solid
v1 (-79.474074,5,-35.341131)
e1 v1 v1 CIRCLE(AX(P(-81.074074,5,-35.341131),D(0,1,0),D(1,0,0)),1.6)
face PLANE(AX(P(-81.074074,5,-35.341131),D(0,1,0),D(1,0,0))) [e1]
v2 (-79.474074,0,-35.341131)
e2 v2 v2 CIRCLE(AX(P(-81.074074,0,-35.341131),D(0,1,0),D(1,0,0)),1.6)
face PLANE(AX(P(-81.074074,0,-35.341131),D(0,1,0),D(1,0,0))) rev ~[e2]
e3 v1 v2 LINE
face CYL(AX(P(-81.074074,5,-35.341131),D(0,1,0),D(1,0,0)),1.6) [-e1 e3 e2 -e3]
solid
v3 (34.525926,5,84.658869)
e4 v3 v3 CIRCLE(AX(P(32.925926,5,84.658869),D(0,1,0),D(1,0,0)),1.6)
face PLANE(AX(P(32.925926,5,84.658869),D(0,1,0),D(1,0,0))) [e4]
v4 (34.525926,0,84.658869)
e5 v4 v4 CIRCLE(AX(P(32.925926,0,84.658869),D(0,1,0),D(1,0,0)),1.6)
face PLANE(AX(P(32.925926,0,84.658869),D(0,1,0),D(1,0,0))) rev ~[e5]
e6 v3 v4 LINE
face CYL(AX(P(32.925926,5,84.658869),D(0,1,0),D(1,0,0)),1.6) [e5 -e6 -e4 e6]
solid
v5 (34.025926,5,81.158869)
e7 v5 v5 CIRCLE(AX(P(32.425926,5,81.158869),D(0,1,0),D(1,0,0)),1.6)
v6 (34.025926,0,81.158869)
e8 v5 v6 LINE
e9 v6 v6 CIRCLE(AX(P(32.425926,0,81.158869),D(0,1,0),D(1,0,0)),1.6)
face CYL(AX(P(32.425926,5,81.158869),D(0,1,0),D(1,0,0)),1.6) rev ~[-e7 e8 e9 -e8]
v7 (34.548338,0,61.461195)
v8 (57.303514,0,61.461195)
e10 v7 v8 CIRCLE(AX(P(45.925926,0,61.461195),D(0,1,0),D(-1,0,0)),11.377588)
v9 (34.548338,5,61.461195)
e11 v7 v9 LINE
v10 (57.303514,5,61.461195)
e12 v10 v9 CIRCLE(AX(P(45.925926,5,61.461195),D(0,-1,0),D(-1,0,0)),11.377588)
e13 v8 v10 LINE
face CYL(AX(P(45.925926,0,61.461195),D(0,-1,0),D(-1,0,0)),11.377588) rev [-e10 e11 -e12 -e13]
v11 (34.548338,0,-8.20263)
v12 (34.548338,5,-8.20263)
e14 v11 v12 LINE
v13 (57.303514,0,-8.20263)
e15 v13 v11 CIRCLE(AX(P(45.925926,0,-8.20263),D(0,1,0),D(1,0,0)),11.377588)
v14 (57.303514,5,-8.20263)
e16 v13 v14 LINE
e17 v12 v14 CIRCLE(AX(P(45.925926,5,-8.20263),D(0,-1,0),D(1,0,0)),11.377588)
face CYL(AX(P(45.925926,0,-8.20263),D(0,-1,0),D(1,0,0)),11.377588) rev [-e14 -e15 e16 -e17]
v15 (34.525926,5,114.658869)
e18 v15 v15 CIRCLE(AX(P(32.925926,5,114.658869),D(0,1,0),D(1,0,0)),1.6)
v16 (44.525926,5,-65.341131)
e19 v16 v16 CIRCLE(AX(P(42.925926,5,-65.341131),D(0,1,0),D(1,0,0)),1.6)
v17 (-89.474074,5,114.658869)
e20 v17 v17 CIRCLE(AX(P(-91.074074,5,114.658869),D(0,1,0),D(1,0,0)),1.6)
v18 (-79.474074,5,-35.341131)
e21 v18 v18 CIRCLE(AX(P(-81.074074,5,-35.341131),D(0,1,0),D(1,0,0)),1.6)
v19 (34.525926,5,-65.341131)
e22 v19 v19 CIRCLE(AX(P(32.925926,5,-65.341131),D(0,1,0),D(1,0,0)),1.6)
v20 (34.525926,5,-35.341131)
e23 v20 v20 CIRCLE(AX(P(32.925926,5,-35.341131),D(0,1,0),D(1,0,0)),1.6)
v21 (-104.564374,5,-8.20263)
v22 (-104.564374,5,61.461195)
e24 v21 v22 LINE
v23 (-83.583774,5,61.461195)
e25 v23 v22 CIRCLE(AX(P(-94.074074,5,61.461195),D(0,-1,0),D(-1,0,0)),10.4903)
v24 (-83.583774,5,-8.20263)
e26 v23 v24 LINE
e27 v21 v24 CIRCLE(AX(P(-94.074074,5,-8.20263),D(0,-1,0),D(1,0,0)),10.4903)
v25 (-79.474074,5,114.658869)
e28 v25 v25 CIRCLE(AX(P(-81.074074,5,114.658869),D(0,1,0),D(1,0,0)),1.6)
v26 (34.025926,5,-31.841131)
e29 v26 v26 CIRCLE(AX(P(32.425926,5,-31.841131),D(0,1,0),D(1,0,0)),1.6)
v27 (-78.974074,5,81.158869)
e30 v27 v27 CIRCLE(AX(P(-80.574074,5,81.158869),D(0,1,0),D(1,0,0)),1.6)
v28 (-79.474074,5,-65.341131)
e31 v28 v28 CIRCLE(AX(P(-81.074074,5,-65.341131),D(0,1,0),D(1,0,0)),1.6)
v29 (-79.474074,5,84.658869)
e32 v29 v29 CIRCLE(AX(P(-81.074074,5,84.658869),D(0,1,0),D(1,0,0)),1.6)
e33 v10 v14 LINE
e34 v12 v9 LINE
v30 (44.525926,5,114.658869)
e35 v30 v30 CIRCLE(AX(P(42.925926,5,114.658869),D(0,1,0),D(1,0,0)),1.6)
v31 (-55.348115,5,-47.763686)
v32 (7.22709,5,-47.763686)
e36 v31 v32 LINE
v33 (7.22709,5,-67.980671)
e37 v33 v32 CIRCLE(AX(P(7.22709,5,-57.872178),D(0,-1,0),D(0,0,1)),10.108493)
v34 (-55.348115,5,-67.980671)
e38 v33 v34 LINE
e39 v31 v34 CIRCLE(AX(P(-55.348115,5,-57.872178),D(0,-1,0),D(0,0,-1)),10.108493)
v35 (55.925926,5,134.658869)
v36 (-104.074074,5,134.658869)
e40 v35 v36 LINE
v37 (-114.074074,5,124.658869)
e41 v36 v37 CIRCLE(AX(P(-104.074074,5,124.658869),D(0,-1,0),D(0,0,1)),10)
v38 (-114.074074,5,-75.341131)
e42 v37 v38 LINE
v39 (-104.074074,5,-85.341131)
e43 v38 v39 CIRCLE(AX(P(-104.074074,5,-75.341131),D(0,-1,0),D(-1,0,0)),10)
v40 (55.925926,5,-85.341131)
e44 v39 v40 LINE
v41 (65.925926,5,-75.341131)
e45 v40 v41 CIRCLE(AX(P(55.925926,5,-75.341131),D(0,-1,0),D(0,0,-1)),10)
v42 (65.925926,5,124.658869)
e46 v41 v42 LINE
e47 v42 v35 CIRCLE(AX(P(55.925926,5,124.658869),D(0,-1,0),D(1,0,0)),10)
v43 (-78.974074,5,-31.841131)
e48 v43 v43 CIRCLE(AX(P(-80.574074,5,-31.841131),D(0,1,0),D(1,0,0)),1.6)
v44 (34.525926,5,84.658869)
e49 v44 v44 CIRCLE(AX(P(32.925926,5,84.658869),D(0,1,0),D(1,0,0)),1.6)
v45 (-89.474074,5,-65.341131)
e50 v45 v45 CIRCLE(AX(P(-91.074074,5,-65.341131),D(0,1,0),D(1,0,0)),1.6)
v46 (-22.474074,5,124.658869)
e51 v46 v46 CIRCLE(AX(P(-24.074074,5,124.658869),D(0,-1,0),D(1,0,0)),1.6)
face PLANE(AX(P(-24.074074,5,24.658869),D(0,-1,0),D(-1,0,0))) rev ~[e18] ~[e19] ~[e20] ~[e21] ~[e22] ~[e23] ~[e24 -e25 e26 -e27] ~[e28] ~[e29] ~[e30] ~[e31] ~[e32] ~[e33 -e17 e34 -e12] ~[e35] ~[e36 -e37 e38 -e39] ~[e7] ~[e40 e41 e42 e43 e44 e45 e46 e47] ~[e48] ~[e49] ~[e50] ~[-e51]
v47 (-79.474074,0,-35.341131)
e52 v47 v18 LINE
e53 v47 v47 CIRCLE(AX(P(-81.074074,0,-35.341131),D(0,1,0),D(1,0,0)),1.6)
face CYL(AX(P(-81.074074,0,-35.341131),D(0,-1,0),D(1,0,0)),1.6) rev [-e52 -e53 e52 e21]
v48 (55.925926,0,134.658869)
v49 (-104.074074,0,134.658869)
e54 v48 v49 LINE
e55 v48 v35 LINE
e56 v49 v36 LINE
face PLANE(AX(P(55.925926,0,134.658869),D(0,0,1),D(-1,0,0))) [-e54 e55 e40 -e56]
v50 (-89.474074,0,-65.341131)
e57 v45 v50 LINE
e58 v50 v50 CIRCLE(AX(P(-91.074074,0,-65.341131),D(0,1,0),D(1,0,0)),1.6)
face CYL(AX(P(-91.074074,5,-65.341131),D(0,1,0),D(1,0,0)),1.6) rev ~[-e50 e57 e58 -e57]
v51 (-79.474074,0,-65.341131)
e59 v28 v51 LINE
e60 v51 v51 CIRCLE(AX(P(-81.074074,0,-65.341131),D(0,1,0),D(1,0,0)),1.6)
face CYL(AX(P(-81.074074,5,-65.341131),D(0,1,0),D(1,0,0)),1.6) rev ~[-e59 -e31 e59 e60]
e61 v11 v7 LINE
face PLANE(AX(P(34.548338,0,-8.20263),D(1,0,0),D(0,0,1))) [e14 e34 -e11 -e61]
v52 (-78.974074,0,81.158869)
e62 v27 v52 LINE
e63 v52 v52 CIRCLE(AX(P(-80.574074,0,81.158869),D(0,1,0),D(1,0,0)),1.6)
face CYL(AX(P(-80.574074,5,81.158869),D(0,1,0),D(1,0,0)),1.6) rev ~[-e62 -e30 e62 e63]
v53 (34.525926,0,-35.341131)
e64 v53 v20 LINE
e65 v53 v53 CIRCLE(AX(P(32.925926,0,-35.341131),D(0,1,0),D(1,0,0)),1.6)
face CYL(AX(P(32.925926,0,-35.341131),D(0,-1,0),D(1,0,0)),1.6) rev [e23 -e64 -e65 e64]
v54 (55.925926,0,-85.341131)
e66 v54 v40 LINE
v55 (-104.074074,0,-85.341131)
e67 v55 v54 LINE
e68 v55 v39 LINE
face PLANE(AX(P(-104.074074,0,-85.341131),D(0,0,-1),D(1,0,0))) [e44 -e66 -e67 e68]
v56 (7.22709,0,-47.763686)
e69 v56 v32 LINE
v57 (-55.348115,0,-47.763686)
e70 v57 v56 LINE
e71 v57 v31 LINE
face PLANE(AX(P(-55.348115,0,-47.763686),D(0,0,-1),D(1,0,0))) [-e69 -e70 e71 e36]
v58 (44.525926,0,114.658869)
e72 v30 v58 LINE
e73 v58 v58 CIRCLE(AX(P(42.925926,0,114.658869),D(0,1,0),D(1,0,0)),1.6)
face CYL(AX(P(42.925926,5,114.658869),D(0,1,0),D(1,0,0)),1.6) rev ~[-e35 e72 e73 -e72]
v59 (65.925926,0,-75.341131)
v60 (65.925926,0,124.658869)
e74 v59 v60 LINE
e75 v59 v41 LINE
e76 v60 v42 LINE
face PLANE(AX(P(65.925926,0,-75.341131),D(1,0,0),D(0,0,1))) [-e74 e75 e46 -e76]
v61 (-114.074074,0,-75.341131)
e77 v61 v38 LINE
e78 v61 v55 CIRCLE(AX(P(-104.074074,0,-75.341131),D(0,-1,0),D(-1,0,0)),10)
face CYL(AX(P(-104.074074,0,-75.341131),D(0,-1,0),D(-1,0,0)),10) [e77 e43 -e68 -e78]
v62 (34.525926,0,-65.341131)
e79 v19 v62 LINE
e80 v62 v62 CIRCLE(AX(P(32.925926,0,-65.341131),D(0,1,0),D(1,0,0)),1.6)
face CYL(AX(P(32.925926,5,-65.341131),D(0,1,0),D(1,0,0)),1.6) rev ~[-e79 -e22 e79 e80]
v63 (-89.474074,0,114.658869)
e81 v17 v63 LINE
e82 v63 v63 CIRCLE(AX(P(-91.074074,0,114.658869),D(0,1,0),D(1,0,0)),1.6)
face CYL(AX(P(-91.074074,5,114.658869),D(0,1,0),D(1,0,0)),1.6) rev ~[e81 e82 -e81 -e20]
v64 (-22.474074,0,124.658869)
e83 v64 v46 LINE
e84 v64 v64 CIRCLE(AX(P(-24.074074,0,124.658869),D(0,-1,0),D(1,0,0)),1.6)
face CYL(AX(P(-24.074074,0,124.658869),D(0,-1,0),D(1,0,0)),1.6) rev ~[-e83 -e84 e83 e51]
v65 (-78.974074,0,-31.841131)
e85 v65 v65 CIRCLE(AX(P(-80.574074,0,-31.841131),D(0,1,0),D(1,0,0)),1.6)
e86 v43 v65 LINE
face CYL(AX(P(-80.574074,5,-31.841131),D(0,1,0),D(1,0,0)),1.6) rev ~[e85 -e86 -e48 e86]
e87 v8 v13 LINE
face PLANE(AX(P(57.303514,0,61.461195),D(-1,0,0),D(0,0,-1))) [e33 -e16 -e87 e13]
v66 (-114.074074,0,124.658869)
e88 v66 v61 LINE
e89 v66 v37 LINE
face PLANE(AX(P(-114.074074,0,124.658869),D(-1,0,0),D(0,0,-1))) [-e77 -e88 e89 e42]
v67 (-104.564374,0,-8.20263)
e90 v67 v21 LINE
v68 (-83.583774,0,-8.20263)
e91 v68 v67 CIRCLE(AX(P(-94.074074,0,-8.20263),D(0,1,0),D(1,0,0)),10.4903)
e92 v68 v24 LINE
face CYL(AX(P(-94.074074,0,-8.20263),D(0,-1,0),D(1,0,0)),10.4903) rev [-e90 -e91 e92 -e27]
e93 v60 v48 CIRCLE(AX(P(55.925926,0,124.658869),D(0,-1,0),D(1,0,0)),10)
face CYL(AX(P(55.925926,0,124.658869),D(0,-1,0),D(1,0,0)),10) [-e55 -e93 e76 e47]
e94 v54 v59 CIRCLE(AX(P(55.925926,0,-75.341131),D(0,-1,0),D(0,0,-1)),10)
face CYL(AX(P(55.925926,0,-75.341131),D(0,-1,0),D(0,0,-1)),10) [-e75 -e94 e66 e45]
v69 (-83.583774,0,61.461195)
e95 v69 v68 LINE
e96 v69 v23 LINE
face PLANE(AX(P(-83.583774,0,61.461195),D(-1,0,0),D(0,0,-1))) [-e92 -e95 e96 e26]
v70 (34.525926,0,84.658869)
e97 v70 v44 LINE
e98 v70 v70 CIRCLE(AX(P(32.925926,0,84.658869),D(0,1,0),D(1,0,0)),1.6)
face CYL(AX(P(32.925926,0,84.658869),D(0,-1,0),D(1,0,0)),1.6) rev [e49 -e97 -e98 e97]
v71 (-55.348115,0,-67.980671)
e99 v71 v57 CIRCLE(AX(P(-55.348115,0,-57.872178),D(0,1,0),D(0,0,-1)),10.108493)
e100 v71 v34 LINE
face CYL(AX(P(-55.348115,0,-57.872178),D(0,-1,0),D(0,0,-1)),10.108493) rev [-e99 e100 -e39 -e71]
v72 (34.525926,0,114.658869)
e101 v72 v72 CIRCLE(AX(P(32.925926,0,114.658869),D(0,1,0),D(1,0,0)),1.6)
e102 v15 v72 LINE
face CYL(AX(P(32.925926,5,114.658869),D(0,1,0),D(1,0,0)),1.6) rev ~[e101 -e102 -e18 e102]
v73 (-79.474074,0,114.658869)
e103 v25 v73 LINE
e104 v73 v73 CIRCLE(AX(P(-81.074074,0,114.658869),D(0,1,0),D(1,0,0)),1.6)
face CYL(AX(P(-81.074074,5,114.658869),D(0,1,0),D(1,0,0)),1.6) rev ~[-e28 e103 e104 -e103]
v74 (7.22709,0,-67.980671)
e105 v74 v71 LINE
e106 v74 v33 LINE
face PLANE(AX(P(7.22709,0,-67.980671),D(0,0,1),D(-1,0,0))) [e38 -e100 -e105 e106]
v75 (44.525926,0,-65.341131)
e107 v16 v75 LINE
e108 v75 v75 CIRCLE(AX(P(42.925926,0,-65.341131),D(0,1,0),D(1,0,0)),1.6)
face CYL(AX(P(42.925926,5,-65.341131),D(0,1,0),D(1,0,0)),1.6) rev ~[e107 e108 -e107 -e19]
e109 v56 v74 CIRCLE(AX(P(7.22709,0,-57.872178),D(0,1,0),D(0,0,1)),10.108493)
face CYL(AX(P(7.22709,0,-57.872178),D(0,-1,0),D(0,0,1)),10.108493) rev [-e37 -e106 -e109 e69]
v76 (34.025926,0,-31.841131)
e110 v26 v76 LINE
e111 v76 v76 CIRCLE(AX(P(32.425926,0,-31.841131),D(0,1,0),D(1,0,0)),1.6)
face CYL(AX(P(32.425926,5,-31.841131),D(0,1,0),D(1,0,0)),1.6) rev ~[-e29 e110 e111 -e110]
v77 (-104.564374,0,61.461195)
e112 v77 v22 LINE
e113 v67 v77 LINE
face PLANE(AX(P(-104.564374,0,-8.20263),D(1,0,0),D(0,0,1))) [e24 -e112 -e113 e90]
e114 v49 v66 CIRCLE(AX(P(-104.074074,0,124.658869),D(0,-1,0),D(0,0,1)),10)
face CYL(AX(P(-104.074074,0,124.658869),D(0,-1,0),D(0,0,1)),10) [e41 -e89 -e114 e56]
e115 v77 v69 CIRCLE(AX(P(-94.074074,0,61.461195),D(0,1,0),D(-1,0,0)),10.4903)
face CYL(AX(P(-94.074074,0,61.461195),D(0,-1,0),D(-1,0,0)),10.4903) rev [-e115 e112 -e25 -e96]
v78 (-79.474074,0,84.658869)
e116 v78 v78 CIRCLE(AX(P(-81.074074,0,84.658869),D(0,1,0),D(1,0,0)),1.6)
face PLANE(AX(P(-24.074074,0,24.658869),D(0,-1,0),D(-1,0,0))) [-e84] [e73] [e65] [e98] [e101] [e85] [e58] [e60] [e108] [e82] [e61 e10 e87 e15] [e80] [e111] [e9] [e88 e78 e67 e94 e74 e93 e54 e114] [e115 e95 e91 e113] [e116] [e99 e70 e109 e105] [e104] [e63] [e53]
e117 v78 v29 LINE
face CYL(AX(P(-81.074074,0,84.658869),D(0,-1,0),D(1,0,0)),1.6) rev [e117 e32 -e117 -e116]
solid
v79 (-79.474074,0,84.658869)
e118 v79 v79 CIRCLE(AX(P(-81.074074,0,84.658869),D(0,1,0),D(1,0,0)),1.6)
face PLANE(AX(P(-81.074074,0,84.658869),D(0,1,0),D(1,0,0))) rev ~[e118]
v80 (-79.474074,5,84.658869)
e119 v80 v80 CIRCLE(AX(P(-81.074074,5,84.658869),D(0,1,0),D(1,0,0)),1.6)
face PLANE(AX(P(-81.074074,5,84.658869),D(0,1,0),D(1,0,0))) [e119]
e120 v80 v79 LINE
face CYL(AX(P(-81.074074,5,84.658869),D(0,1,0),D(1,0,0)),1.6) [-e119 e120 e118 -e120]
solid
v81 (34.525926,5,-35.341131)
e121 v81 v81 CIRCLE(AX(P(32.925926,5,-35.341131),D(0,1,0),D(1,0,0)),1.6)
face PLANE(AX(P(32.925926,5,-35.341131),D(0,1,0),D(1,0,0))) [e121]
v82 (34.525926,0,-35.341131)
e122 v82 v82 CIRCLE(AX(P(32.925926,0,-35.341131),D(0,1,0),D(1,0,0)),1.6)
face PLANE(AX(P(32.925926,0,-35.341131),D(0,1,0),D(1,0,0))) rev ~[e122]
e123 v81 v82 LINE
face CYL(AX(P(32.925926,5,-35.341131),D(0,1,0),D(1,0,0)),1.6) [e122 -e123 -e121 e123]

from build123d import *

# Parameters (mm, degrees)
SKETCH_1_R          = 1.6
EXTRUDE_1_DEPTH     = 5
SKETCH_4_R          = 1.6
CUT_EXTRUDE_2_DEPTH = 10
SKETCH_5_R          = 1.6
EXTRUDE_3_DEPTH     = 5
EXTRUDE_3_2_DEPTH   = 5
EXTRUDE_3_3_DEPTH   = 5
EXTRUDE_3_4_DEPTH   = 5
SKETCH_6_R          = 1.6
CUT_EXTRUDE_3_DEPTH = 5
SKETCH_8_R          = 1.6
CUT_EXTRUDE_4_DEPTH = 5
CUT_EXTRUDE_5_DEPTH = 10
SKETCH_10_R         = 1.6
CUT_EXTRUDE_6_DEPTH = 10


with BuildPart() as part:
    # 草图1 → 凸台-拉伸1 (new body)
    with BuildSketch(Plane(origin=(0, 0, 0), x_dir=(1, 0, 0), z_dir=(0, 1, 0))):
        with BuildLine():
            Line((-104.074074074, 85.341130604), (55.925925926, 85.341130604))
            ThreePointArc((55.925925926, 85.341130604), (62.996993738, 82.412198416), (65.925925926, 75.341130604))
            Line((65.925925926, 75.341130604), (65.925925926, -124.658869396))
            ThreePointArc((65.925925926, -124.658869396), (62.996993738, -131.729937208), (55.925925926, -134.658869396))
            Line((55.925925926, -134.658869396), (-104.074074074, -134.658869396))
            ThreePointArc((-104.074074074, -134.658869396), (-111.145141886, -131.729937208), (-114.074074074, -124.658869396))
            Line((-114.074074074, -124.658869396), (-114.074074074, 75.341130604))
            ThreePointArc((-114.074074074, 75.341130604), (-111.145141886, 82.412198416), (-104.074074074, 85.341130604))
        make_face()
        with Locations((-81.074074074, 35.341130604)):
            Circle(SKETCH_1_R, mode=Mode.SUBTRACT)
        with Locations((32.925925926, 35.341130604)):
            Circle(SKETCH_1_R, mode=Mode.SUBTRACT)
        with Locations((32.925925926, -84.658869396)):
            Circle(SKETCH_1_R, mode=Mode.SUBTRACT)
        with Locations((-81.074074074, -84.658869396)):
            Circle(SKETCH_1_R, mode=Mode.SUBTRACT)
    extrude(amount=EXTRUDE_1_DEPTH)

    # 草图4 → 切除-拉伸2 (cut)
    with BuildSketch(Plane(origin=(0, 5, 0), x_dir=(1, 0, 0), z_dir=(0, 1, 0))):
        with Locations((-81.074074074, 65.341130604)):
            Circle(SKETCH_4_R)
        with Locations((32.925925926, 65.341130604)):
            Circle(SKETCH_4_R)
        with Locations((-81.074074074, -114.658869396)):
            Circle(SKETCH_4_R)
        with Locations((32.925925926, -114.658869396)):
            Circle(SKETCH_4_R)
    extrude(amount=-CUT_EXTRUDE_2_DEPTH, mode=Mode.SUBTRACT)

    # 草图6 → 切除-拉伸3 (cut)
    with BuildSketch(Plane(origin=(0, 5, 0), x_dir=(1, 0, 0), z_dir=(0, 1, 0))):
        with Locations((-80.574074074, -81.158869396)):
            Circle(SKETCH_6_R)
        with Locations((-80.574074074, 31.841130604)):
            Circle(SKETCH_6_R)
        with Locations((32.425925926, 31.841130604)):
            Circle(SKETCH_6_R)
        with Locations((32.425925926, -81.158869396)):
            Circle(SKETCH_6_R)
    extrude(amount=-CUT_EXTRUDE_3_DEPTH, mode=Mode.SUBTRACT)

    # 草图8 → 切除-拉伸4 (cut)
    with BuildSketch(Plane.XZ):
        with Locations((-24.074074074, 124.658869396)):
            Circle(SKETCH_8_R)
    extrude(amount=-CUT_EXTRUDE_4_DEPTH, mode=Mode.SUBTRACT)

    # 草图9 → 切除-拉伸5 (cut)
    with BuildSketch(Plane.XZ):
        with BuildLine():
            Line((-83.583774313, 61.461195306), (-83.583774313, -8.202630081))
            ThreePointArc((-83.583774313, -8.202630081), (-94.074074074, -18.692929841), (-104.564373835, -8.202630081))
            Line((-104.564373835, -8.202630081), (-104.564373835, 61.461195306))
            ThreePointArc((-104.564373835, 61.461195306), (-94.074074074, 71.951495067), (-83.583774313, 61.461195306))
        make_face()
        with BuildLine():
            Line((57.303514341, 61.461195306), (57.303514341, -8.202630081))
            ThreePointArc((57.303514341, -8.202630081), (45.925925926, -19.580218496), (34.54833751, -8.202630081))
            Line((34.54833751, -8.202630081), (34.54833751, 61.461195306))
            ThreePointArc((34.54833751, 61.461195306), (45.925925926, 72.838783721), (57.303514341, 61.461195306))
        make_face()
        with BuildLine():
            Line((-55.348114705, -47.763685582), (7.227090262, -47.763685582))
            ThreePointArc((7.227090262, -47.763685582), (17.335582771, -57.87217809), (7.227090262, -67.980670599))
            Line((7.227090262, -67.980670599), (-55.348114705, -67.980670599))
            ThreePointArc((-55.348114705, -67.980670599), (-65.456607213, -57.87217809), (-55.348114705, -47.763685582))
        make_face()
    extrude(amount=-CUT_EXTRUDE_5_DEPTH, mode=Mode.SUBTRACT)

    # 草图10 → 切除-拉伸6 (cut)
    with BuildSketch(Plane(origin=(0, 5, 0), x_dir=(1, 0, 0), z_dir=(0, 1, 0))):
        with Locations((-91.074074074, 65.341130604)):
            Circle(SKETCH_10_R)
        with Locations((42.925925926, 65.341130604)):
            Circle(SKETCH_10_R)
        with Locations((-91.074074074, -114.658869396)):
            Circle(SKETCH_10_R)
        with Locations((42.925925926, -114.658869396)):
            Circle(SKETCH_10_R)
    extrude(amount=-CUT_EXTRUDE_6_DEPTH, mode=Mode.SUBTRACT)


with BuildPart() as body_2:
    # 草图5 → 凸台-拉伸3 (new body)
    with BuildSketch(Plane(origin=(0, 5, 0), x_dir=(1, 0, 0), z_dir=(0, 1, 0))):
        with Locations((-81.074074074, 35.341130604)):
            Circle(SKETCH_5_R)
    extrude(amount=-EXTRUDE_3_DEPTH)


with BuildPart() as body_3:
    # 草图5 → Extrude 3 2 (new body)
    with BuildSketch(Plane(origin=(0, 5, 0), x_dir=(1, 0, 0), z_dir=(0, 1, 0))):
        with Locations((32.925925926, 35.341130604)):
            Circle(SKETCH_5_R)
    extrude(amount=-EXTRUDE_3_2_DEPTH)


with BuildPart() as body_4:
    # 草图5 → Extrude 3 3 (new body)
    with BuildSketch(Plane(origin=(0, 5, 0), x_dir=(1, 0, 0), z_dir=(0, 1, 0))):
        with Locations((32.925925926, -84.658869396)):
            Circle(SKETCH_5_R)
    extrude(amount=-EXTRUDE_3_3_DEPTH)


with BuildPart() as body_5:
    # 草图5 → Extrude 3 4 (new body)
    with BuildSketch(Plane(origin=(0, 5, 0), x_dir=(1, 0, 0), z_dir=(0, 1, 0))):
        with Locations((-81.074074074, -84.658869396)):
            Circle(SKETCH_5_R)
    extrude(amount=-EXTRUDE_3_4_DEPTH)


solid = Compound([part.part, body_2.part, body_3.part, body_4.part, body_5.part])
